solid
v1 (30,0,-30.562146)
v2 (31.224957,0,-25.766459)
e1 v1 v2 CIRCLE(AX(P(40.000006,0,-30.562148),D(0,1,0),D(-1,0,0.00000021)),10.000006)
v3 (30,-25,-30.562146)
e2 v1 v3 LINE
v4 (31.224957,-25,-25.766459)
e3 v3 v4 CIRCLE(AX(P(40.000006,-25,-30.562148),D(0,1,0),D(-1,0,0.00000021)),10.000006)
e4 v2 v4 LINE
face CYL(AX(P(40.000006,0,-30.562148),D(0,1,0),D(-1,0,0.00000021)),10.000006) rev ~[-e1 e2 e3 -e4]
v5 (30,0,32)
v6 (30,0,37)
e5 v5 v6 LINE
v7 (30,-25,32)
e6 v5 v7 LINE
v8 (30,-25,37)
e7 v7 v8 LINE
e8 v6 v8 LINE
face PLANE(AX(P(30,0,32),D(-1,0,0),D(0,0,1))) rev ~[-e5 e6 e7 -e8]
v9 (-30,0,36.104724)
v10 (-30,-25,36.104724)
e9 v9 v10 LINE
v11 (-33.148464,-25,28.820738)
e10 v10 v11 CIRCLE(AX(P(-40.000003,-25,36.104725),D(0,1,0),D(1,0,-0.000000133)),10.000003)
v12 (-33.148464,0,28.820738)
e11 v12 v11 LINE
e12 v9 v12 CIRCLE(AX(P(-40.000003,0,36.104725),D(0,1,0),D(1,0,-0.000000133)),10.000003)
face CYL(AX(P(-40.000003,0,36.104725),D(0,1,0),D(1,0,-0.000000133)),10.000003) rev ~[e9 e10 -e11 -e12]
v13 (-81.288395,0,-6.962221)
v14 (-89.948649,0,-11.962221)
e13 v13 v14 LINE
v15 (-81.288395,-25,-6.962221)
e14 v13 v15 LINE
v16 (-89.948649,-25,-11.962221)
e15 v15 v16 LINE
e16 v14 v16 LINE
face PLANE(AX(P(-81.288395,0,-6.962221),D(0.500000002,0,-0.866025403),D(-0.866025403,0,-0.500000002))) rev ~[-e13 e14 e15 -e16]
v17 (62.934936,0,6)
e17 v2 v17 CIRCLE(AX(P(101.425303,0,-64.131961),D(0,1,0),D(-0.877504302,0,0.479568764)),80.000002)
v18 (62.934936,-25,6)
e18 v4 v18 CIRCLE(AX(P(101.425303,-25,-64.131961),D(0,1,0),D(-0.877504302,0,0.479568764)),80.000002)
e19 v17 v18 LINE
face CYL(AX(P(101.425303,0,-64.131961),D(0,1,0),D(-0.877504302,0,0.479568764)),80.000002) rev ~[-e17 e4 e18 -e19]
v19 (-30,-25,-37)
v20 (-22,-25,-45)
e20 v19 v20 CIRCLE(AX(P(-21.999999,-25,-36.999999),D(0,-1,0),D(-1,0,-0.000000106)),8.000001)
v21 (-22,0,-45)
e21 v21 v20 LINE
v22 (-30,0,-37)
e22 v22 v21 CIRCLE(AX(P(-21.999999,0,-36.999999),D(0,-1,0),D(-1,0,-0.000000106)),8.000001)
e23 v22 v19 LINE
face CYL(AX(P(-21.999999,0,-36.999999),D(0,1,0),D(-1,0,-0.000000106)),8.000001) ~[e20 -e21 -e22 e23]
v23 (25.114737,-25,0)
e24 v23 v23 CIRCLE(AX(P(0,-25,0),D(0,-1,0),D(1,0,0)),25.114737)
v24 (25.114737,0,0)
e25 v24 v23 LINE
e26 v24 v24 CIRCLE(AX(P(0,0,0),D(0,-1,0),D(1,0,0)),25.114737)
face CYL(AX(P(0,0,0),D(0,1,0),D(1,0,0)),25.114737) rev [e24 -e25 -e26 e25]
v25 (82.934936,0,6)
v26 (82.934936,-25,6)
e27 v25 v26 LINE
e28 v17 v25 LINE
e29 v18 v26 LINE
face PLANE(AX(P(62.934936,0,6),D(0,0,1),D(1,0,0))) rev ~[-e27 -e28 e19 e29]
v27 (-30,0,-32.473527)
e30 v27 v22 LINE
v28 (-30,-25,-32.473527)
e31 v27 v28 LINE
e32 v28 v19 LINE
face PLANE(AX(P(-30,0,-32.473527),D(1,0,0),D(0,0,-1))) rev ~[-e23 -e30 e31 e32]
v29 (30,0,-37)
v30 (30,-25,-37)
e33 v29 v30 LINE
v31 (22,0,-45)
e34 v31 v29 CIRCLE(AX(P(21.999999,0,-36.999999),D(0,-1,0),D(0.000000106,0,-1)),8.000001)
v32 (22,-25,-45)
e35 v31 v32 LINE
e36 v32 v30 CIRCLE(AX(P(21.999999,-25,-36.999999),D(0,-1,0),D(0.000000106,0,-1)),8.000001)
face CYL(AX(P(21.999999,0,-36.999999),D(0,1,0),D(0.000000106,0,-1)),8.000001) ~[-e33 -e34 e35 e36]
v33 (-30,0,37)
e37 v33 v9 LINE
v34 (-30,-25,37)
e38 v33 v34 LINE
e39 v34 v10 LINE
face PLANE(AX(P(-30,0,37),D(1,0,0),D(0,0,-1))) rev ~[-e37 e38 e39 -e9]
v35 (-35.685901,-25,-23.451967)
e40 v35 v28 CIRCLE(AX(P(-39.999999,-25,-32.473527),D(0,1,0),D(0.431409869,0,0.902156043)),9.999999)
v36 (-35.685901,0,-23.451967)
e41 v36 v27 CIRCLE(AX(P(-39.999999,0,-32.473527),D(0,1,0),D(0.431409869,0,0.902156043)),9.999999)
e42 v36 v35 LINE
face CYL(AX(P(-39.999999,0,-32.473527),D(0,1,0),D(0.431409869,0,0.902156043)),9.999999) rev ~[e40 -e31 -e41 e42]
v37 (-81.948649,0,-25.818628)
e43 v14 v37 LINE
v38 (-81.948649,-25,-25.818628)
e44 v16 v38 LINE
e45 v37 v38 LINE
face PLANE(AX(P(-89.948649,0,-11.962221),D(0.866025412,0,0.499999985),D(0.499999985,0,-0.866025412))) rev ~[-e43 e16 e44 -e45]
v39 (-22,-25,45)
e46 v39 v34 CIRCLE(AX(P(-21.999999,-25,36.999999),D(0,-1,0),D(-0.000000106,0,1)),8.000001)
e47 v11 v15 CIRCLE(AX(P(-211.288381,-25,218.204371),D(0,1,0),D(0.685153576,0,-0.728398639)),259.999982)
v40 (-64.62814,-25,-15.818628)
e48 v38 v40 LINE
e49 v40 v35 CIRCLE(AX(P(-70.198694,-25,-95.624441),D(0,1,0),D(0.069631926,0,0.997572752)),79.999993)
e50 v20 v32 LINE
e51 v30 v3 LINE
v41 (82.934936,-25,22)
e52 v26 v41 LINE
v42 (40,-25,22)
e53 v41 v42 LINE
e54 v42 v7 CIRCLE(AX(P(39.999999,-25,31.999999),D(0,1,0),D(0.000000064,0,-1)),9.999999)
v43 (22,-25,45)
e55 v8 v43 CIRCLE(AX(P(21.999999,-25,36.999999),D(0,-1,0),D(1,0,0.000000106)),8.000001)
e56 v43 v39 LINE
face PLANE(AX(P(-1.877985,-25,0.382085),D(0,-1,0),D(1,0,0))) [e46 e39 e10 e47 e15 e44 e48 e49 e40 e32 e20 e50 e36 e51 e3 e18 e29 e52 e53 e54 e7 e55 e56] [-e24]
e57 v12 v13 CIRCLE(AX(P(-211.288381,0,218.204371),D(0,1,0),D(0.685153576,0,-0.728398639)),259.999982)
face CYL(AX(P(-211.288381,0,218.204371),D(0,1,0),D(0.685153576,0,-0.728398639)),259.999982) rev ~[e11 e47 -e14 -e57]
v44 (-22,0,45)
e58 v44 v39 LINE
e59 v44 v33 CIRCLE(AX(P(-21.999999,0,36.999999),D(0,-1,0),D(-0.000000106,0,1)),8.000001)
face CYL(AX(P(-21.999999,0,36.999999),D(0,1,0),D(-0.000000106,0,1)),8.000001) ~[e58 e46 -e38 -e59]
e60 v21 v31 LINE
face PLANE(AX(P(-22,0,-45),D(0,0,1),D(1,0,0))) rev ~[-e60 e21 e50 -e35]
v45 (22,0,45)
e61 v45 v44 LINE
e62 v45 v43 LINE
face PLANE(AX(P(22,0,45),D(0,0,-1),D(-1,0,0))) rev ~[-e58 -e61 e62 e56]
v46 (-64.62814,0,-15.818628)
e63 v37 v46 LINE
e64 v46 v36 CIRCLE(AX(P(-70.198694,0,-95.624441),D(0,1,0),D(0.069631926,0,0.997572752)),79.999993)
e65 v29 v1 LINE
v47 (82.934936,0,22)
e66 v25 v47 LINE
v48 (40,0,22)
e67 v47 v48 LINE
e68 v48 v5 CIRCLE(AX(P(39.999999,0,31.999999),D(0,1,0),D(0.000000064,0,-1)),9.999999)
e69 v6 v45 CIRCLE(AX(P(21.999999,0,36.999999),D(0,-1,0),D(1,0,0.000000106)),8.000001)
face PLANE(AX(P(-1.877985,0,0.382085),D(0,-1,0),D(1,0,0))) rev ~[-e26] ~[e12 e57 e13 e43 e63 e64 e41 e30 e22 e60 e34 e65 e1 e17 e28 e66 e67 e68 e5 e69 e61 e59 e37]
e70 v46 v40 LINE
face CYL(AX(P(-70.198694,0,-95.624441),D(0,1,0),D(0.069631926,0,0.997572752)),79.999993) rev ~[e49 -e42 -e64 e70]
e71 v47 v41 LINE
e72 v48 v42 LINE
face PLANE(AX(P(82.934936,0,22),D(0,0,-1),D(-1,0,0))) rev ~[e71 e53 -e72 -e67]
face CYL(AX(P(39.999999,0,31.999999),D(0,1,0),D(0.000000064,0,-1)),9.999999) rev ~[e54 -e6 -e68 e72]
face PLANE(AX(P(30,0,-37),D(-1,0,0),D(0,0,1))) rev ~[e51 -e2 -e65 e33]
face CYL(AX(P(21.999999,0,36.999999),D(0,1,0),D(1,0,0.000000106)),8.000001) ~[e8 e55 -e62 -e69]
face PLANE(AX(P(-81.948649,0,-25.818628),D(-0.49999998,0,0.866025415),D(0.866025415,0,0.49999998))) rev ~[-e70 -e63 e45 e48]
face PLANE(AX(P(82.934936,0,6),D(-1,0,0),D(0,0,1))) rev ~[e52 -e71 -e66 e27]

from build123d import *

# Parameters (mm, degrees)
F0_R     = 25.114737
F1_DEPTH = 25


with BuildPart() as f1:
    # F0 (on Front) → F1 (new body)
    with BuildSketch(Plane.XZ):
        with BuildLine():
            Line((22, 45), (-22, 45))
            ThreePointArc((-22, 45), (-27.656854, 42.656854), (-30, 37))
            Line((-30, 37), (-30, 36.104724))
            ThreePointArc((-30, 36.104724), (-30.820802, 32.137065), (-33.148464, 28.820738))
            ThreePointArc((-33.148464, 28.820738), (-56.183078, 9.536368), (-81.288395, -6.962221))
            Line((-81.288395, -6.962221), (-89.948649, -11.962221))
            Line((-89.948649, -11.962221), (-81.948649, -25.818628))
            Line((-81.948649, -25.818628), (-64.62814, -15.818628))
            ThreePointArc((-64.62814, -15.818628), (-49.79684, -18.269653), (-35.685901, -23.451967))
            ThreePointArc((-35.685901, -23.451967), (-31.540065, -27.141595), (-30, -32.473527))
            Line((-30, -32.473527), (-30, -37))
            ThreePointArc((-30, -37), (-27.656854, -42.656854), (-22, -45))
            Line((-22, -45), (22, -45))
            ThreePointArc((22, -45), (27.656854, -42.656854), (30, -37))
            Line((30, -37), (30, -30.562146))
            ThreePointArc((30, -30.562146), (30.311078, -28.087316), (31.224957, -25.766459))
            ThreePointArc((31.224957, -25.766459), (44.806448, -7.613773), (62.934936, 6))
            Line((62.934936, 6), (82.934936, 6))
            Line((82.934936, 6), (82.934936, 22))
            Line((82.934936, 22), (40, 22))
            ThreePointArc((40, 22), (32.928932, 24.928932), (30, 32))
            Line((30, 32), (30, 37))
            ThreePointArc((30, 37), (27.656854, 42.656854), (22, 45))
        make_face()
        Circle(F0_R, mode=Mode.SUBTRACT)
    extrude(amount=F1_DEPTH)


solid = f1.part
